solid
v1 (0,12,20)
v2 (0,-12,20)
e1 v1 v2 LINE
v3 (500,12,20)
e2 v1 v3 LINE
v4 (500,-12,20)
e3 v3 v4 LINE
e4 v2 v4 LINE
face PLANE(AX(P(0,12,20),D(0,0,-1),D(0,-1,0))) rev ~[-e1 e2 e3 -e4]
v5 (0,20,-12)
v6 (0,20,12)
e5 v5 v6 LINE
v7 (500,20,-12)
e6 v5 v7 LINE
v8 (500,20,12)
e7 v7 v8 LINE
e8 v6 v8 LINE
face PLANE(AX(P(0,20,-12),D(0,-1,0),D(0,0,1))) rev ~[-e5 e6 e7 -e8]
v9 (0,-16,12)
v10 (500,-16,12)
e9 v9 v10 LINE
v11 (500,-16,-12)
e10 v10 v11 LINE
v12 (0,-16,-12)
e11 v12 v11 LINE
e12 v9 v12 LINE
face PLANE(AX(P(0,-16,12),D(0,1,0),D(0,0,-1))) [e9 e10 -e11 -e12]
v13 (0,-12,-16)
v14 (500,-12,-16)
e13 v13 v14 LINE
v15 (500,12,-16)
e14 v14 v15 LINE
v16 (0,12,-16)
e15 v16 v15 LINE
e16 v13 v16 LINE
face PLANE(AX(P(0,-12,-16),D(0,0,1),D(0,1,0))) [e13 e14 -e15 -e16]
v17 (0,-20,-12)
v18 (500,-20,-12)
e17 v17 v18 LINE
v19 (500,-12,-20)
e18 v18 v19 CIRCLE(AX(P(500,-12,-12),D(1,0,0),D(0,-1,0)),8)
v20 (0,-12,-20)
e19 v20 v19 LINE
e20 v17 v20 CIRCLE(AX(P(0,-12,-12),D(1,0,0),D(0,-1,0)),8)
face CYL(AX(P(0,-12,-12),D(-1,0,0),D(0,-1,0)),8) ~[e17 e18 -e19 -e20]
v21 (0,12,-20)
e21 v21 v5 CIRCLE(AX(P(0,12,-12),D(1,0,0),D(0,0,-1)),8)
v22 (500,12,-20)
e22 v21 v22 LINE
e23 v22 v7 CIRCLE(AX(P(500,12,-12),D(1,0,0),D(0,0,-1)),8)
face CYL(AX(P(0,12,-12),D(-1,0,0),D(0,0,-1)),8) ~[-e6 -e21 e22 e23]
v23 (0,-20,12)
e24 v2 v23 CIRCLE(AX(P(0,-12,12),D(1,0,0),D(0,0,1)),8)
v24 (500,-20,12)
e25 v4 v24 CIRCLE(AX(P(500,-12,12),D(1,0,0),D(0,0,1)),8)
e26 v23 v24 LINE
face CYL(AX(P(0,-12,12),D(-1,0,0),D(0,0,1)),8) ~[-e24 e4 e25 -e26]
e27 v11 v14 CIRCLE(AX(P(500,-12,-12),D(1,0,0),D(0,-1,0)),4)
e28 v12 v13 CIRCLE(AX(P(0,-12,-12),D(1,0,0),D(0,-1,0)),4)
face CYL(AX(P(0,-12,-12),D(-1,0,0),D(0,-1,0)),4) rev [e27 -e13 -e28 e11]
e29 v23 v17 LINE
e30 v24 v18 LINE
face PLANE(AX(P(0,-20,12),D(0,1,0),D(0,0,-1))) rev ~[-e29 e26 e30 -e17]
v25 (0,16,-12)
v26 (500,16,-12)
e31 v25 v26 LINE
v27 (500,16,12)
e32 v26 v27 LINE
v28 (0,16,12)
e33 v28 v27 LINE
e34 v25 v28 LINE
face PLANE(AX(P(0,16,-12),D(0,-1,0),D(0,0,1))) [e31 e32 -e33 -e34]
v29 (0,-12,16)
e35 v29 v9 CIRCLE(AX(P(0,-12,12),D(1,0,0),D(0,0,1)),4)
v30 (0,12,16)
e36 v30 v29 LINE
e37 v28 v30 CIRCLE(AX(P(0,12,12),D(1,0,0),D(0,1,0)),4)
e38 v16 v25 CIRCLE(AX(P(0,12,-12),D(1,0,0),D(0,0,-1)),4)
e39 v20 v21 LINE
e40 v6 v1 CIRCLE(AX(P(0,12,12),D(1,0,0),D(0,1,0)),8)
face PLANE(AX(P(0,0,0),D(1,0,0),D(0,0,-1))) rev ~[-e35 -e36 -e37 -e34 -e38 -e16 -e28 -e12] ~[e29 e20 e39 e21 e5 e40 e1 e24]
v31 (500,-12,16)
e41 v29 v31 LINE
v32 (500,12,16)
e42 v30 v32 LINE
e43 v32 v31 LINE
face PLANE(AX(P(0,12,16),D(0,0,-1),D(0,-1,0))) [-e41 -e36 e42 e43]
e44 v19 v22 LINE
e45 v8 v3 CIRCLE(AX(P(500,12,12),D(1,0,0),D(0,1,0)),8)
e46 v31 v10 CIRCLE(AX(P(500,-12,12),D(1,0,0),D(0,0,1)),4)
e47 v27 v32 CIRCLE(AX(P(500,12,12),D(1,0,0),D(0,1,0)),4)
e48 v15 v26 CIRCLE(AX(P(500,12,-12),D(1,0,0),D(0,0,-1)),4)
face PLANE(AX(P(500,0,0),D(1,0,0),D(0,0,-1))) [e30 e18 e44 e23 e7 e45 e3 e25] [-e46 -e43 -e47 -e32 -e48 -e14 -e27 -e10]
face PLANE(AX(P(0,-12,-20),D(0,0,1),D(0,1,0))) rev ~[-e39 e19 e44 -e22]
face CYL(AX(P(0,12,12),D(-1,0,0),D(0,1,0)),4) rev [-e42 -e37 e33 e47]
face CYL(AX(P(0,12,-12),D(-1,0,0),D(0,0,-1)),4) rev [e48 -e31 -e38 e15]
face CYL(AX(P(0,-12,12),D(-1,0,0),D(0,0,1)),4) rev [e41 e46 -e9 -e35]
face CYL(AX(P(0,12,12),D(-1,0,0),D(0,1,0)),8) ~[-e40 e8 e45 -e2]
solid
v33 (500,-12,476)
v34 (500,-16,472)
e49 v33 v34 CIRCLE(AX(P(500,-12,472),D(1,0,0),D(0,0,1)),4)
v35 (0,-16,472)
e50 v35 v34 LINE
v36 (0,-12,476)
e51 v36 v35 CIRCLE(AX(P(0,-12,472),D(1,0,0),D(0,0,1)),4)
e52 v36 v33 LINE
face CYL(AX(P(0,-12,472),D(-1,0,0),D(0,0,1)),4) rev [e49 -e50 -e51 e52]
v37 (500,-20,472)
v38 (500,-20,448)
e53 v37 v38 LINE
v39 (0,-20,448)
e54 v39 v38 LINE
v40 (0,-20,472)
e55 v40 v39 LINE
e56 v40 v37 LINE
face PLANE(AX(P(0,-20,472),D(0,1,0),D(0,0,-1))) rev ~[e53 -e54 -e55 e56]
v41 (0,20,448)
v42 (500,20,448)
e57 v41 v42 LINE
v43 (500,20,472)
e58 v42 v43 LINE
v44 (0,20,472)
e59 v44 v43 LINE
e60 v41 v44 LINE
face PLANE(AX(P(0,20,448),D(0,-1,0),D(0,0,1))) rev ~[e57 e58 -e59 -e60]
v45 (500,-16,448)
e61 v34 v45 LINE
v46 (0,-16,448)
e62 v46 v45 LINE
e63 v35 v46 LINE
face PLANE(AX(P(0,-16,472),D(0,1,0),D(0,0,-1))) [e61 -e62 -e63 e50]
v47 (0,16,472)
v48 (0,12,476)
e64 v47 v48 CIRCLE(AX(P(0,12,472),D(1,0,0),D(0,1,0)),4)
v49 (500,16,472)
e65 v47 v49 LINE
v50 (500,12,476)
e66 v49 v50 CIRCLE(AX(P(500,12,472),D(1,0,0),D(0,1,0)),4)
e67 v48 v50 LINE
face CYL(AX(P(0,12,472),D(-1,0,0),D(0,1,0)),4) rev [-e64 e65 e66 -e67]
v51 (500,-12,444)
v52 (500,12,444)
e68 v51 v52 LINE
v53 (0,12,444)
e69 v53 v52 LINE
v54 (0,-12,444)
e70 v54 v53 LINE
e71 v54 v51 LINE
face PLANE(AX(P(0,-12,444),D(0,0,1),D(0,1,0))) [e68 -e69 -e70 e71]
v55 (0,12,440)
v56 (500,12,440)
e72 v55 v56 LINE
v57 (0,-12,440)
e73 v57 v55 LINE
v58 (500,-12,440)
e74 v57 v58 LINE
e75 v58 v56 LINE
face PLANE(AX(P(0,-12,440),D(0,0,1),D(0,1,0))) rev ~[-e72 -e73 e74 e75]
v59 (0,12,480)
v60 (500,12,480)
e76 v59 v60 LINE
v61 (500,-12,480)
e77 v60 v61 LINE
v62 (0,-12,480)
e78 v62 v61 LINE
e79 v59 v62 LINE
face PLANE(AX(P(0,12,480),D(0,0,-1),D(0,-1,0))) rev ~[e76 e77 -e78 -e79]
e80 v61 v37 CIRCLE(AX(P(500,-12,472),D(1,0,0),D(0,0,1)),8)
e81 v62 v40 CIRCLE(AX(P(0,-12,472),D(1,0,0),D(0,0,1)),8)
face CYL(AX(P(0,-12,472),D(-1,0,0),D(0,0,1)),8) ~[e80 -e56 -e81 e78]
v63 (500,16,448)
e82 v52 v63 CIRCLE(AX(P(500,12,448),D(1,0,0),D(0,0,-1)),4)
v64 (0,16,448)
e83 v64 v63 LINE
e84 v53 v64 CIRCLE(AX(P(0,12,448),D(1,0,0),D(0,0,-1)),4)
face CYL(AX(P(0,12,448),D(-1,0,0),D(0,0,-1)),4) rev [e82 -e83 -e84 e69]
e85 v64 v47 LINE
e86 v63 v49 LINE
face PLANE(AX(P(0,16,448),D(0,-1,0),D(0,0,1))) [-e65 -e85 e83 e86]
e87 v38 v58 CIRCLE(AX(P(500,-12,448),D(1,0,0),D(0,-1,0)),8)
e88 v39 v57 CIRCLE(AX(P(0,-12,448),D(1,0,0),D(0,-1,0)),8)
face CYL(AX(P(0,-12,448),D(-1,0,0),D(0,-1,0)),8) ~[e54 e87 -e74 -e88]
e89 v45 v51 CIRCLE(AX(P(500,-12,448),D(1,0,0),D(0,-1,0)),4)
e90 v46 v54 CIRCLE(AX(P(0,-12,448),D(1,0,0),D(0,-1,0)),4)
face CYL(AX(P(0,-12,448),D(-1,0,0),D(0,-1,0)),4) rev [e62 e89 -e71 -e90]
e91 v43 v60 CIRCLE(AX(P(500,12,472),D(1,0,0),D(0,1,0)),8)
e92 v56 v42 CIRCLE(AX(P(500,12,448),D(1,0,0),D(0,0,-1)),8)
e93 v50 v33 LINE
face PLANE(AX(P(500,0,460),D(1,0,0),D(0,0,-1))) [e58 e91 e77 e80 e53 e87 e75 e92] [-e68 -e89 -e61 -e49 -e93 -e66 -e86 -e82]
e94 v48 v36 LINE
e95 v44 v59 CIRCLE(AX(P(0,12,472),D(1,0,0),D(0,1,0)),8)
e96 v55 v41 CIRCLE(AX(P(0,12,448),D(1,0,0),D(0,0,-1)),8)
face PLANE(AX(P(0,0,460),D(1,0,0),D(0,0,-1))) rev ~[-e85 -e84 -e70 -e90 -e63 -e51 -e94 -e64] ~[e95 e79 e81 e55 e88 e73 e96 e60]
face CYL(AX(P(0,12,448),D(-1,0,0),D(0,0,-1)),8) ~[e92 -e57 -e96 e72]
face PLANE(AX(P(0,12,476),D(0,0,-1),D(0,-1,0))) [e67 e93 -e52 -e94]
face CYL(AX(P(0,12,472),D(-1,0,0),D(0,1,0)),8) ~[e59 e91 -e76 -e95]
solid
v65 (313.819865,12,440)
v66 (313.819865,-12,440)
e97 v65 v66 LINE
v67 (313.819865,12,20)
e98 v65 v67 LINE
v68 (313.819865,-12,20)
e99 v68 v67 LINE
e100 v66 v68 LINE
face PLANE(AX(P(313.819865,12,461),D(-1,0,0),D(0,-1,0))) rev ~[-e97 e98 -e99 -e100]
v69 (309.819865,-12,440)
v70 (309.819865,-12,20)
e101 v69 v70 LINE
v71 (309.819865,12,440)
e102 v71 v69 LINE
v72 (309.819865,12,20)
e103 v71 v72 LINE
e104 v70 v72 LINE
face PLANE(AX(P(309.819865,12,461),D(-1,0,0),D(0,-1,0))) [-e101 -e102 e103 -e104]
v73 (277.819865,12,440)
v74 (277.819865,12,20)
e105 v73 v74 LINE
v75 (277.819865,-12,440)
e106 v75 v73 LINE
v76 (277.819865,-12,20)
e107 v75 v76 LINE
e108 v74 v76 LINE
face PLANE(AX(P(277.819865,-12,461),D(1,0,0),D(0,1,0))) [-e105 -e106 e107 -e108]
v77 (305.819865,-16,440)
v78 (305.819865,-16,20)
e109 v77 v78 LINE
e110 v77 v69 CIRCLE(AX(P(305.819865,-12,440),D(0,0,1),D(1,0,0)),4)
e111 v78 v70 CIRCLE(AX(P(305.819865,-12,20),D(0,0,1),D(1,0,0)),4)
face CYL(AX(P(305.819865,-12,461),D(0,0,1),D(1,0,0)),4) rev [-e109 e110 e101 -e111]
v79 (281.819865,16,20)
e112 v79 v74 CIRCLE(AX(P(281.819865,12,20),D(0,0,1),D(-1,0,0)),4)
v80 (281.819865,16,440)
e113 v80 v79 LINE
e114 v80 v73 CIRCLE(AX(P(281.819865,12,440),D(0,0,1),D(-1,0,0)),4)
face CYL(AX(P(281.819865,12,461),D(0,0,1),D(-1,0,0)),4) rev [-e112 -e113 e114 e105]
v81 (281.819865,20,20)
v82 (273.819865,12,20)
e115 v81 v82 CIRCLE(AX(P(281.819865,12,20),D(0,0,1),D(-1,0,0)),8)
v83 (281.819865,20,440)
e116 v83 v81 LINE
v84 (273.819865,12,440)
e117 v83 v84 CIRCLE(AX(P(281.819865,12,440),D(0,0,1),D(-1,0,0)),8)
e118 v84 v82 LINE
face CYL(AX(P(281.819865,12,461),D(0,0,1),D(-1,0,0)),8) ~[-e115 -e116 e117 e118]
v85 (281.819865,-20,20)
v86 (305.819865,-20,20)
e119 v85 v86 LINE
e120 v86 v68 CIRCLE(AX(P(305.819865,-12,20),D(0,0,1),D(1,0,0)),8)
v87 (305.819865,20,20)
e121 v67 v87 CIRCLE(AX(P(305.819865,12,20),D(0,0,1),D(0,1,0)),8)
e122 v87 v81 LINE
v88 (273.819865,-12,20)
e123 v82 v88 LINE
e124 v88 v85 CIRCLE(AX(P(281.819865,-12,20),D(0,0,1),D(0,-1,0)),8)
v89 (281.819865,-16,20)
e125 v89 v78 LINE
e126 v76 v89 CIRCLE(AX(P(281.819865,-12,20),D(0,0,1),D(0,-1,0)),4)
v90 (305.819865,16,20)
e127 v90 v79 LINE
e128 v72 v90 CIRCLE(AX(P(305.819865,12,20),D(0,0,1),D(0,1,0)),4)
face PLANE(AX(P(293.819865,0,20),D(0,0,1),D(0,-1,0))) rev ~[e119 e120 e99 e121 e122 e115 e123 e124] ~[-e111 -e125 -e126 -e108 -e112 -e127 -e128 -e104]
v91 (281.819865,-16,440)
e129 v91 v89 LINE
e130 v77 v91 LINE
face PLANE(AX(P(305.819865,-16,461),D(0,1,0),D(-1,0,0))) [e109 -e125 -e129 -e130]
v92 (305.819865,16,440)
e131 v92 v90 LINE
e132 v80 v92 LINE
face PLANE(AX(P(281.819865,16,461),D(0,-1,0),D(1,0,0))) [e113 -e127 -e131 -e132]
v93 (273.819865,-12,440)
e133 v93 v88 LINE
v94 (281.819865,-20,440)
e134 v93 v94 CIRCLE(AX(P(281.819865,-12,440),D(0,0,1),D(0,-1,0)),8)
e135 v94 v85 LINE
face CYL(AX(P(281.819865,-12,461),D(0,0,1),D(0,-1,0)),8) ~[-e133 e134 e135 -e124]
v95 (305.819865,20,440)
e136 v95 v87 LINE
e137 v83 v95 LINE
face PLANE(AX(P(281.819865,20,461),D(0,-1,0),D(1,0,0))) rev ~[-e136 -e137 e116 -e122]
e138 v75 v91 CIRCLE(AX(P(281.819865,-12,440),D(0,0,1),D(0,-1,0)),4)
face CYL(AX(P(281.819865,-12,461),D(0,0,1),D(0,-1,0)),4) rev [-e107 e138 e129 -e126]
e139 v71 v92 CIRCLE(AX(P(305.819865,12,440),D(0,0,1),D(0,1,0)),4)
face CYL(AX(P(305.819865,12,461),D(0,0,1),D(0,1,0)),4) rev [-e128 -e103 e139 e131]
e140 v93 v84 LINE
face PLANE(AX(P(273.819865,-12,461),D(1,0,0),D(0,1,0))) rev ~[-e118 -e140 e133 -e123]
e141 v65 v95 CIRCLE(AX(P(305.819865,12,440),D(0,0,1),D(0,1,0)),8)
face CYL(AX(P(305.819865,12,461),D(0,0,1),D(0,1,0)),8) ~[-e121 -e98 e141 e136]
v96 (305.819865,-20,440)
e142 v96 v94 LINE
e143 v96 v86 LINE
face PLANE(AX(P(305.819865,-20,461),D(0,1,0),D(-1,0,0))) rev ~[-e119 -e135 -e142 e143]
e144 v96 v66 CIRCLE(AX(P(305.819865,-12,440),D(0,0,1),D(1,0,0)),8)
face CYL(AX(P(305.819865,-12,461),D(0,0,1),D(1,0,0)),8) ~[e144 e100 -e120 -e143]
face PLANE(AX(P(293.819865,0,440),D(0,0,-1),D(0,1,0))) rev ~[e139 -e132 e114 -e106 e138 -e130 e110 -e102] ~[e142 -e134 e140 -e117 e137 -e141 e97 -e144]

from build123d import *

# Parameters (mm, degrees)
SQUARE_TUBE_40_X_40_X_4_1_DEPTH   = 500
SQUARE_TUBE_40_X_40_X_4_1_2_DEPTH = 500
SQUARE_TUBE_40_X_40_X_4_1_3_DEPTH = 462


with BuildPart() as part:
    # Sketch1 → Square tube 40 X 40 X 4(1) (new body)
    with BuildSketch(Plane(origin=(0, 0, 0), x_dir=(0, 0, -1), z_dir=(1, 0, 0))):
        with BuildLine():
            Line((-12, -20), (12, -20))
            ThreePointArc((12, -20), (17.656854249, -17.656854249), (20, -12))
            Line((20, -12), (20, 12))
            ThreePointArc((20, 12), (17.656854249, 17.656854249), (12, 20))
            Line((12, 20), (-12, 20))
            ThreePointArc((-12, 20), (-17.656854249, 17.656854249), (-20, 12))
            Line((-20, 12), (-20, -12))
            ThreePointArc((-20, -12), (-17.656854249, -17.656854249), (-12, -20))
        make_face()
        with BuildLine():
            Line((-12, -16), (12, -16))
            ThreePointArc((12, -16), (14.828427125, -14.828427125), (16, -12))
            Line((16, -12), (16, 12))
            ThreePointArc((16, 12), (14.828427125, 14.828427125), (12, 16))
            Line((12, 16), (-12, 16))
            ThreePointArc((-12, 16), (-14.828427125, 14.828427125), (-16, 12))
            Line((-16, 12), (-16, -12))
            ThreePointArc((-16, -12), (-14.828427125, -14.828427125), (-12, -16))
        make_face(mode=Mode.SUBTRACT)
    extrude(amount=SQUARE_TUBE_40_X_40_X_4_1_DEPTH)


with BuildPart() as body_2:
    # Sketch1 on segment 2 (carried to segment 2) → Square tube 40 X 40 X 4_1 2 (new body)
    with BuildSketch(Plane(origin=(0, 0, 460), x_dir=(0, 0, -1), z_dir=(1, 0, 0))):
        with BuildLine():
            Line((-12, -20), (12, -20))
            ThreePointArc((12, -20), (17.656854249, -17.656854249), (20, -12))
            Line((20, -12), (20, 12))
            ThreePointArc((20, 12), (17.656854249, 17.656854249), (12, 20))
            Line((12, 20), (-12, 20))
            ThreePointArc((-12, 20), (-17.656854249, 17.656854249), (-20, 12))
            Line((-20, 12), (-20, -12))
            ThreePointArc((-20, -12), (-17.656854249, -17.656854249), (-12, -20))
        make_face()
        with BuildLine():
            Line((-12, -16), (12, -16))
            ThreePointArc((12, -16), (14.828427125, -14.828427125), (16, -12))
            Line((16, -12), (16, 12))
            ThreePointArc((16, 12), (14.828427125, 14.828427125), (12, 16))
            Line((12, 16), (-12, 16))
            ThreePointArc((-12, 16), (-14.828427125, 14.828427125), (-16, 12))
            Line((-16, 12), (-16, -12))
            ThreePointArc((-16, -12), (-14.828427125, -14.828427125), (-12, -16))
        make_face(mode=Mode.SUBTRACT)
    extrude(amount=SQUARE_TUBE_40_X_40_X_4_1_2_DEPTH)


with BuildPart() as body_3:
    # Sketch1 on segment 3 (carried to segment 3) → Square tube 40 X 40 X 4_1 3 (new body)
    with BuildSketch(Plane(origin=(293.819864636, 0, 461), x_dir=(-1, 0, 0), z_dir=(0, 0, -1))):
        with BuildLine():
            Line((-12, -20), (12, -20))
            ThreePointArc((12, -20), (17.656854249, -17.656854249), (20, -12))
            Line((20, -12), (20, 12))
            ThreePointArc((20, 12), (17.656854249, 17.656854249), (12, 20))
            Line((12, 20), (-12, 20))
            ThreePointArc((-12, 20), (-17.656854249, 17.656854249), (-20, 12))
            Line((-20, 12), (-20, -12))
            ThreePointArc((-20, -12), (-17.656854249, -17.656854249), (-12, -20))
        make_face()
        with BuildLine():
            Line((-12, -16), (12, -16))
            ThreePointArc((12, -16), (14.828427125, -14.828427125), (16, -12))
            Line((16, -12), (16, 12))
            ThreePointArc((16, 12), (14.828427125, 14.828427125), (12, 16))
            Line((12, 16), (-12, 16))
            ThreePointArc((-12, 16), (-14.828427125, 14.828427125), (-16, 12))
            Line((-16, 12), (-16, -12))
            ThreePointArc((-16, -12), (-14.828427125, -14.828427125), (-12, -16))
        make_face(mode=Mode.SUBTRACT)
    extrude(amount=SQUARE_TUBE_40_X_40_X_4_1_3_DEPTH)

    # Square tube 40 X 40 X 4_1 3 end butt 1
    split(bisect_by=Plane(origin=(293.819864636, 0, 440), x_dir=(0, 1, 0), z_dir=(0, 0, -1)), keep=Keep.TOP)

    # Square tube 40 X 40 X 4_1 3 end butt 2
    split(bisect_by=Plane(origin=(293.819864636, 0, 20), x_dir=(0, -1, 0), z_dir=(0, 0, 1)), keep=Keep.TOP)


solid = Compound([part.part, body_2.part, body_3.part])
